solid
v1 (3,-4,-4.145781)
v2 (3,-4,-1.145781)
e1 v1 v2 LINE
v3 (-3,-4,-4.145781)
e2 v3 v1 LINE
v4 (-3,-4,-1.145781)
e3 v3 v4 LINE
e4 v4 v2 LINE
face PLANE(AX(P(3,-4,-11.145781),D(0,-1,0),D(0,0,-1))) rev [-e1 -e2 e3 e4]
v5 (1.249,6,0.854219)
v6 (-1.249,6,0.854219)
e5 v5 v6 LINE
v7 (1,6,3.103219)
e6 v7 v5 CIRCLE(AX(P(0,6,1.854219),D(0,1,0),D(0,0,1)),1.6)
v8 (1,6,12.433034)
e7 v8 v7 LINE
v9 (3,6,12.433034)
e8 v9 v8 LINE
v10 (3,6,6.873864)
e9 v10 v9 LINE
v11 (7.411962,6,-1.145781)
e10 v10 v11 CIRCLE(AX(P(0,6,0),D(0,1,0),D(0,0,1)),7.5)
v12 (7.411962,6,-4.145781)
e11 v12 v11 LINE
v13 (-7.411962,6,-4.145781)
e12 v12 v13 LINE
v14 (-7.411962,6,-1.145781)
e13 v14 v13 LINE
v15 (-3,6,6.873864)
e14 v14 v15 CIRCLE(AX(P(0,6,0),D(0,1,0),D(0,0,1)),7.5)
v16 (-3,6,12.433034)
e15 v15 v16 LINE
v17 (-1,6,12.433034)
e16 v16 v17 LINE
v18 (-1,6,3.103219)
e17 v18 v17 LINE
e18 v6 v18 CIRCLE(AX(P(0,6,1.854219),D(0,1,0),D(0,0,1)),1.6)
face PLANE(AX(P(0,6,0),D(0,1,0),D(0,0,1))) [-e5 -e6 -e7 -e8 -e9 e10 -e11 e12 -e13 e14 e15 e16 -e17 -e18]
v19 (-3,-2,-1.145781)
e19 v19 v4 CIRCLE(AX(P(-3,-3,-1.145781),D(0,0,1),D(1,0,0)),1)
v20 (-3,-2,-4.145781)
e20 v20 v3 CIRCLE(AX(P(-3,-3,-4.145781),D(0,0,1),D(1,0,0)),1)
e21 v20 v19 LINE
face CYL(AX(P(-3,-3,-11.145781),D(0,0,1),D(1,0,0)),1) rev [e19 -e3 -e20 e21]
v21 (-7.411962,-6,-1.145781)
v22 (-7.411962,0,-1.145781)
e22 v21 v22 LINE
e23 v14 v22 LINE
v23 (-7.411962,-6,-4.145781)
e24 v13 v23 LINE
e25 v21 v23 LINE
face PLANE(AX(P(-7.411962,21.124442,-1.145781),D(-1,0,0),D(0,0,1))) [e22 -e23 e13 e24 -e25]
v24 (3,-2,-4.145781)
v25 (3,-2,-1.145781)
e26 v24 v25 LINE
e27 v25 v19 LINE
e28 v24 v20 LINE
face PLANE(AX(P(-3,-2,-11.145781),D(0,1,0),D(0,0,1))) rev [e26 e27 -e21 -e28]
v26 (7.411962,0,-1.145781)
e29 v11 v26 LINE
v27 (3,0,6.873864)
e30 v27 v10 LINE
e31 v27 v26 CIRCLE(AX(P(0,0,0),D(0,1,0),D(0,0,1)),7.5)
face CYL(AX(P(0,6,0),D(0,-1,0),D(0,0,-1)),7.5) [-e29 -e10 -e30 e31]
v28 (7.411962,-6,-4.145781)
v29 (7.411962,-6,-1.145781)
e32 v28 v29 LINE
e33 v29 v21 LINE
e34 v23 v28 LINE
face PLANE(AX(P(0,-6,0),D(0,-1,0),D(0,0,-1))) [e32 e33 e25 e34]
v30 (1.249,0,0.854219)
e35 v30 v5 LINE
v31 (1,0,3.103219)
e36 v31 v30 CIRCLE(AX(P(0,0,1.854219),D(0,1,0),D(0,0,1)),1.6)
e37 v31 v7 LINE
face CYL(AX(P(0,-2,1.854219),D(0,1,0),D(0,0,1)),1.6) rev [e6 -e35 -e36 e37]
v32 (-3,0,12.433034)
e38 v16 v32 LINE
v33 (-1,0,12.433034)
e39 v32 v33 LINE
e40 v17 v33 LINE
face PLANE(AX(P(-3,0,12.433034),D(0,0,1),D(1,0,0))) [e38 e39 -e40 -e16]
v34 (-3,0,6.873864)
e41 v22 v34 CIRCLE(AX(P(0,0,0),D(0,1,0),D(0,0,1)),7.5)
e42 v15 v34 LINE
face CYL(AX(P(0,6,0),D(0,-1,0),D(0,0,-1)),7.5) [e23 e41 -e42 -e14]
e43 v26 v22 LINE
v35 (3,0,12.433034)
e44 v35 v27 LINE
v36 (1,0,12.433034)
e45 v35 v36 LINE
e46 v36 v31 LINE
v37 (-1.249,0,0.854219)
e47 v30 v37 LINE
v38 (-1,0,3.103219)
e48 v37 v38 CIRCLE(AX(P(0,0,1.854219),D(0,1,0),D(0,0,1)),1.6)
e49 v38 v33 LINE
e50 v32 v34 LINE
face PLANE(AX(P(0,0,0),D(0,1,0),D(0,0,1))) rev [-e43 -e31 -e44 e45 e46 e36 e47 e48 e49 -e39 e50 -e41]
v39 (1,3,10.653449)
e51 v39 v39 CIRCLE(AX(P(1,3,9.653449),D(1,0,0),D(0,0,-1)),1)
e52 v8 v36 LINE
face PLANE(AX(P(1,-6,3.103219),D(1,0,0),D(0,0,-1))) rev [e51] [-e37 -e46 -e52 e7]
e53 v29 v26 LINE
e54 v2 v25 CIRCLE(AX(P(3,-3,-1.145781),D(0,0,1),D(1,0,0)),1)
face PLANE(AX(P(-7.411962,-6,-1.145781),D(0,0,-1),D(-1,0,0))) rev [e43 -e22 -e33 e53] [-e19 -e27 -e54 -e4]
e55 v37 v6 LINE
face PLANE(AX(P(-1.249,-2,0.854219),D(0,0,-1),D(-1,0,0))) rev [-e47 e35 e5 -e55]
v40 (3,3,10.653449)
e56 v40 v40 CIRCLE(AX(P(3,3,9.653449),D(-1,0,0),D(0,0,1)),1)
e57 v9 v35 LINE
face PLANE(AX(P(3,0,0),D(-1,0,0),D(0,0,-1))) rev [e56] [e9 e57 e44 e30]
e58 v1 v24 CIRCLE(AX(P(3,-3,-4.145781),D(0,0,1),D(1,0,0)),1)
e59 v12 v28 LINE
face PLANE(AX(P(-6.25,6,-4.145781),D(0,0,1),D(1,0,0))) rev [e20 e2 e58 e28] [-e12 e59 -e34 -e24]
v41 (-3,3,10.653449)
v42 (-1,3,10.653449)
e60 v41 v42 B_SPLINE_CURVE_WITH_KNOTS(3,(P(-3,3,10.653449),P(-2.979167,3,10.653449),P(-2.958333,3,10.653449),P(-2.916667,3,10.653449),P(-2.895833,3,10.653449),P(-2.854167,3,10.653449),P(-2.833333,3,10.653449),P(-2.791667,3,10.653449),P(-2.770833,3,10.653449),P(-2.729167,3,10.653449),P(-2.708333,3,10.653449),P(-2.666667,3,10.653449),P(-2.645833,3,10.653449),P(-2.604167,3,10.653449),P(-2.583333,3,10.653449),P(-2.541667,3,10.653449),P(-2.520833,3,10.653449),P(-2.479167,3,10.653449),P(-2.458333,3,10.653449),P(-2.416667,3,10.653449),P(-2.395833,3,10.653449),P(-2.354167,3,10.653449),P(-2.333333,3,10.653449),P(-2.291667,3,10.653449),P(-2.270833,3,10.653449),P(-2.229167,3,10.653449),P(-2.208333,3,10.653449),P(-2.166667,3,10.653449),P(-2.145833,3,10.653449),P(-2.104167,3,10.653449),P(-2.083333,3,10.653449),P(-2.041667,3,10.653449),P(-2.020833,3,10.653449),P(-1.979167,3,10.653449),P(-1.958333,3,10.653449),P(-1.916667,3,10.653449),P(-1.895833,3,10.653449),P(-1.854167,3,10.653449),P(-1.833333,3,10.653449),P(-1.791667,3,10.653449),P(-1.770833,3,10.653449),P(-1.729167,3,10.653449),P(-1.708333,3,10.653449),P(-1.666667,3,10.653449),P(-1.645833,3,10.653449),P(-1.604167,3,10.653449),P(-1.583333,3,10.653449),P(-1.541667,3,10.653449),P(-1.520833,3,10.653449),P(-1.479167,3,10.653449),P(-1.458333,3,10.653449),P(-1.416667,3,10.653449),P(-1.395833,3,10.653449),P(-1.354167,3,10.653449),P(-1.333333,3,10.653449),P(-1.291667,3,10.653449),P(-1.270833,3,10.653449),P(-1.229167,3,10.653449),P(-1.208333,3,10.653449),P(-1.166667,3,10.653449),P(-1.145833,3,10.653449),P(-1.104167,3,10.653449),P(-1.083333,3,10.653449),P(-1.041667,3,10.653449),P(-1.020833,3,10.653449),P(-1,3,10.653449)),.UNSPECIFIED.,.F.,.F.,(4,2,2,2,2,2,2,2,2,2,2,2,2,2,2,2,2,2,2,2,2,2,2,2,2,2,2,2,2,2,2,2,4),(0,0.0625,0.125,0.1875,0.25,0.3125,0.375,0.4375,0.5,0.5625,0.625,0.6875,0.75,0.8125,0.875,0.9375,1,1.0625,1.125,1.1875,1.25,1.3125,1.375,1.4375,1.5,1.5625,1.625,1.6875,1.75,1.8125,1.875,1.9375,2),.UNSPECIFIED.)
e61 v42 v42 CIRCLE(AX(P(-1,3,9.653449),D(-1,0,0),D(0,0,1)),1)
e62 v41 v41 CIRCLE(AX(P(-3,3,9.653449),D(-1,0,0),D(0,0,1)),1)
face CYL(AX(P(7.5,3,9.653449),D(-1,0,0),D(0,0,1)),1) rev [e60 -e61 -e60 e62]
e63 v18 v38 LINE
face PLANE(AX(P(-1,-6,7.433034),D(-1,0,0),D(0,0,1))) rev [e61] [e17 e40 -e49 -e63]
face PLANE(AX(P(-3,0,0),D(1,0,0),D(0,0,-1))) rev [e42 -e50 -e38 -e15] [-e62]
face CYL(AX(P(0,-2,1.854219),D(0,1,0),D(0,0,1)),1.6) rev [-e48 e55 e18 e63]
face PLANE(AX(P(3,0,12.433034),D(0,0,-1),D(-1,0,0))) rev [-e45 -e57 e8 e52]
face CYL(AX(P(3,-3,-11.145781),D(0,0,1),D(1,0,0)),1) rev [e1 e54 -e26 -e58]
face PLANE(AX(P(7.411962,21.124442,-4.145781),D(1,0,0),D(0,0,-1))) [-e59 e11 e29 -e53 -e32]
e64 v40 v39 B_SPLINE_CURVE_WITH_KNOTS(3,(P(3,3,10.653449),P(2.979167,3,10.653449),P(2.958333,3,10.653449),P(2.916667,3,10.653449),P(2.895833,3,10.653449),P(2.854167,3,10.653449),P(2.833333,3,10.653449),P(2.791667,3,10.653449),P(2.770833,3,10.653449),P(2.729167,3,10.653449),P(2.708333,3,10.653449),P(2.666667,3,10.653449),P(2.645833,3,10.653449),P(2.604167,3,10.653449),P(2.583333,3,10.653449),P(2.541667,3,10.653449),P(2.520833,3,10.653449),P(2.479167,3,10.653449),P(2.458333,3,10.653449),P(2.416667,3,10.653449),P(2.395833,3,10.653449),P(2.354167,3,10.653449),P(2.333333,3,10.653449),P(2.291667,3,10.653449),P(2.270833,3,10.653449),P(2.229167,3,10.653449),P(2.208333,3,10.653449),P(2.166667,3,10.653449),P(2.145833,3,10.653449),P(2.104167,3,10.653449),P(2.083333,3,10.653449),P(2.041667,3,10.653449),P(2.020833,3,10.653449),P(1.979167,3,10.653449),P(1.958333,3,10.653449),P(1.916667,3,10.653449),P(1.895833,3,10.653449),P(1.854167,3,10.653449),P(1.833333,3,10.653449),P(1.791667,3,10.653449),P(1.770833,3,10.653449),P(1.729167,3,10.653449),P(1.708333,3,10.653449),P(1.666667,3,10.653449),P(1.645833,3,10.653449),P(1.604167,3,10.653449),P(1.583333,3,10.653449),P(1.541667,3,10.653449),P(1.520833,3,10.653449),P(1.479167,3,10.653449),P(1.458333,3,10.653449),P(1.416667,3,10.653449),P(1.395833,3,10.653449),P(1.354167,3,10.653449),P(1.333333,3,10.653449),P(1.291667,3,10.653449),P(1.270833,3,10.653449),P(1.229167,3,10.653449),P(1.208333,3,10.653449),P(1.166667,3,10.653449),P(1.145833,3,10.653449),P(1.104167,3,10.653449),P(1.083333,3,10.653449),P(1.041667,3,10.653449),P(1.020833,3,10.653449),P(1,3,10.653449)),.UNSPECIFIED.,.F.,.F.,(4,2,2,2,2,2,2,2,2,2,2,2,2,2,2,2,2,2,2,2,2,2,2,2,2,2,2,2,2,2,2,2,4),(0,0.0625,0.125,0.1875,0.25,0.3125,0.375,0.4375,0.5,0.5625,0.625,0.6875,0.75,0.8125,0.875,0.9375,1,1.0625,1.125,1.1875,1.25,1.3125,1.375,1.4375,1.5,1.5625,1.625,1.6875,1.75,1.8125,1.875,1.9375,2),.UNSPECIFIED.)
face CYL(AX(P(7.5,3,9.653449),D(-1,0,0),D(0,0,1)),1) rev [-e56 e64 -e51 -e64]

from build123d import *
from build123d.topology import SkipClean

# Parameters (mm, degrees)
BOSS_EXTRUDE1_DEPTH = 6
BOSS_EXTRUDE4_START = 6
BOSS_EXTRUDE4_DEPTH = 6
CUT_EXTRUDE1_DEPTH  = 8
BOSS_EXTRUDE5_START = -12
SKETCH9_W           = 14.823924706
SKETCH9_H           = 3
BOSS_EXTRUDE5_DEPTH = 12
CUT_EXTRUDE3_DEPTH  = 10
CUT_EXTRUDE4_DEPTH  = 17.015617378
SKETCH12_W          = 7
SKETCH12_H          = 6
BOSS_EXTRUDE6_DEPTH = 2
SKETCH13_R          = 1
CUT_EXTRUDE5_DEPTH  = 18.344461472


with BuildPart() as part:
    # Sketch3 → Boss-Extrude1 (new body)
    with BuildSketch(Plane(origin=(0, 0, 0), x_dir=(1, 0, 0), z_dir=(0, 1, 0))):
        with BuildLine():
            Line((-6.25, 4.145780988), (6.25, 4.145780988))
            ThreePointArc((6.25, 4.145780988), (0, -7.5), (-6.25, 4.145780988))
        make_face()
    extrude(amount=BOSS_EXTRUDE1_DEPTH)

    # Sketch7 → Boss-Extrude4 (add)
    with SkipClean():  # the faces are left unmerged after this step: merging them gives an invalid solid
        with BuildSketch(Plane.XZ.offset(BOSS_EXTRUDE4_START)):
            with BuildLine():
                Line((6.25, -4.145780988), (-6.25, -4.145780988))
                ThreePointArc((-6.25, -4.145780988), (-6.993733183, -2.708818223), (-7.411962353, -1.145780988))
                Line((-7.411962353, -1.145780988), (7.411962353, -1.145780988))
                ThreePointArc((7.411962353, -1.145780988), (6.993733183, -2.708818223), (6.25, -4.145780988))
            make_face()
        extrude(amount=-BOSS_EXTRUDE4_DEPTH)

    # Sketch4 → Cut-Extrude1 (cut)
    with SkipClean():  # the faces are left unmerged after this step: merging them gives an invalid solid
        with BuildSketch(Plane(origin=(0, 6, 0), x_dir=(1, 0, 0), z_dir=(0, 1, 0))):
            with BuildLine():
                Line((-1.2489996, -0.854219012), (1.2489996, -0.854219012))
                ThreePointArc((1.2489996, -0.854219012), (0, -3.454219012), (-1.2489996, -0.854219012))
            make_face()
        extrude(amount=-CUT_EXTRUDE1_DEPTH, mode=Mode.SUBTRACT)

    # Sketch9 → Boss-Extrude5 (add)
    with BuildSketch(Plane.XZ.offset(6).offset(BOSS_EXTRUDE5_START)):
        with Locations((0, -2.645780988)):
            Rectangle(SKETCH9_W, SKETCH9_H)
    extrude(amount=BOSS_EXTRUDE5_DEPTH)

    # Sketch8 → Cut-Extrude3 (cut)
    with BuildSketch(Plane.XY.offset(-1.145780988)):
        with BuildLine():
            Line((-3, -2), (3, -2))
            ThreePointArc((3, -2), (4, -3), (3, -4))
            Line((3, -4), (-3, -4))
            ThreePointArc((-3, -4), (-4, -3), (-3, -2))
        make_face()
    extrude(amount=-CUT_EXTRUDE3_DEPTH, mode=Mode.SUBTRACT)

    # Sketch11 → Cut-Extrude4 (cut, through all)
    with BuildSketch(Plane(origin=(0, 6, 0), x_dir=(1, 0, 0), z_dir=(0, 1, 0))):
        with BuildLine():
            Line((-1, -7.433034374), (-1, -3.103218612))
            ThreePointArc((-1, -3.103218612), (0, -3.454219012), (1, -3.103218612))
            Line((1, -3.103218612), (1, -7.433034374))
            ThreePointArc((1, -7.433034374), (0, -7.5), (-1, -7.433034374))
        make_face()
    extrude(amount=-CUT_EXTRUDE4_DEPTH, mode=Mode.SUBTRACT)

    # Sketch12 → Boss-Extrude6 (add)
    with BuildSketch(Plane(origin=(-1, 0, 0), x_dir=(0, 0, -1), z_dir=(1, 0, 0))):
        with Locations((-8.933034374, 3)):
            Rectangle(SKETCH12_W, SKETCH12_H)
    boss_extrude6 = extrude(amount=-BOSS_EXTRUDE6_DEPTH)

    # Mirror1: Boss-Extrude6 across plane
    add(boss_extrude6.mirror(Plane(origin=(0, 0, 0), x_dir=(0, 0, 1), z_dir=(1, 0, 0))))

    # Sketch13 → Cut-Extrude5 (cut, through all)
    with BuildSketch(Plane.ZY.offset(3)):
        with Locations((9.653448958, 3)):
            Circle(SKETCH13_R)
    extrude(amount=-CUT_EXTRUDE5_DEPTH, mode=Mode.SUBTRACT)


solid = part.part
